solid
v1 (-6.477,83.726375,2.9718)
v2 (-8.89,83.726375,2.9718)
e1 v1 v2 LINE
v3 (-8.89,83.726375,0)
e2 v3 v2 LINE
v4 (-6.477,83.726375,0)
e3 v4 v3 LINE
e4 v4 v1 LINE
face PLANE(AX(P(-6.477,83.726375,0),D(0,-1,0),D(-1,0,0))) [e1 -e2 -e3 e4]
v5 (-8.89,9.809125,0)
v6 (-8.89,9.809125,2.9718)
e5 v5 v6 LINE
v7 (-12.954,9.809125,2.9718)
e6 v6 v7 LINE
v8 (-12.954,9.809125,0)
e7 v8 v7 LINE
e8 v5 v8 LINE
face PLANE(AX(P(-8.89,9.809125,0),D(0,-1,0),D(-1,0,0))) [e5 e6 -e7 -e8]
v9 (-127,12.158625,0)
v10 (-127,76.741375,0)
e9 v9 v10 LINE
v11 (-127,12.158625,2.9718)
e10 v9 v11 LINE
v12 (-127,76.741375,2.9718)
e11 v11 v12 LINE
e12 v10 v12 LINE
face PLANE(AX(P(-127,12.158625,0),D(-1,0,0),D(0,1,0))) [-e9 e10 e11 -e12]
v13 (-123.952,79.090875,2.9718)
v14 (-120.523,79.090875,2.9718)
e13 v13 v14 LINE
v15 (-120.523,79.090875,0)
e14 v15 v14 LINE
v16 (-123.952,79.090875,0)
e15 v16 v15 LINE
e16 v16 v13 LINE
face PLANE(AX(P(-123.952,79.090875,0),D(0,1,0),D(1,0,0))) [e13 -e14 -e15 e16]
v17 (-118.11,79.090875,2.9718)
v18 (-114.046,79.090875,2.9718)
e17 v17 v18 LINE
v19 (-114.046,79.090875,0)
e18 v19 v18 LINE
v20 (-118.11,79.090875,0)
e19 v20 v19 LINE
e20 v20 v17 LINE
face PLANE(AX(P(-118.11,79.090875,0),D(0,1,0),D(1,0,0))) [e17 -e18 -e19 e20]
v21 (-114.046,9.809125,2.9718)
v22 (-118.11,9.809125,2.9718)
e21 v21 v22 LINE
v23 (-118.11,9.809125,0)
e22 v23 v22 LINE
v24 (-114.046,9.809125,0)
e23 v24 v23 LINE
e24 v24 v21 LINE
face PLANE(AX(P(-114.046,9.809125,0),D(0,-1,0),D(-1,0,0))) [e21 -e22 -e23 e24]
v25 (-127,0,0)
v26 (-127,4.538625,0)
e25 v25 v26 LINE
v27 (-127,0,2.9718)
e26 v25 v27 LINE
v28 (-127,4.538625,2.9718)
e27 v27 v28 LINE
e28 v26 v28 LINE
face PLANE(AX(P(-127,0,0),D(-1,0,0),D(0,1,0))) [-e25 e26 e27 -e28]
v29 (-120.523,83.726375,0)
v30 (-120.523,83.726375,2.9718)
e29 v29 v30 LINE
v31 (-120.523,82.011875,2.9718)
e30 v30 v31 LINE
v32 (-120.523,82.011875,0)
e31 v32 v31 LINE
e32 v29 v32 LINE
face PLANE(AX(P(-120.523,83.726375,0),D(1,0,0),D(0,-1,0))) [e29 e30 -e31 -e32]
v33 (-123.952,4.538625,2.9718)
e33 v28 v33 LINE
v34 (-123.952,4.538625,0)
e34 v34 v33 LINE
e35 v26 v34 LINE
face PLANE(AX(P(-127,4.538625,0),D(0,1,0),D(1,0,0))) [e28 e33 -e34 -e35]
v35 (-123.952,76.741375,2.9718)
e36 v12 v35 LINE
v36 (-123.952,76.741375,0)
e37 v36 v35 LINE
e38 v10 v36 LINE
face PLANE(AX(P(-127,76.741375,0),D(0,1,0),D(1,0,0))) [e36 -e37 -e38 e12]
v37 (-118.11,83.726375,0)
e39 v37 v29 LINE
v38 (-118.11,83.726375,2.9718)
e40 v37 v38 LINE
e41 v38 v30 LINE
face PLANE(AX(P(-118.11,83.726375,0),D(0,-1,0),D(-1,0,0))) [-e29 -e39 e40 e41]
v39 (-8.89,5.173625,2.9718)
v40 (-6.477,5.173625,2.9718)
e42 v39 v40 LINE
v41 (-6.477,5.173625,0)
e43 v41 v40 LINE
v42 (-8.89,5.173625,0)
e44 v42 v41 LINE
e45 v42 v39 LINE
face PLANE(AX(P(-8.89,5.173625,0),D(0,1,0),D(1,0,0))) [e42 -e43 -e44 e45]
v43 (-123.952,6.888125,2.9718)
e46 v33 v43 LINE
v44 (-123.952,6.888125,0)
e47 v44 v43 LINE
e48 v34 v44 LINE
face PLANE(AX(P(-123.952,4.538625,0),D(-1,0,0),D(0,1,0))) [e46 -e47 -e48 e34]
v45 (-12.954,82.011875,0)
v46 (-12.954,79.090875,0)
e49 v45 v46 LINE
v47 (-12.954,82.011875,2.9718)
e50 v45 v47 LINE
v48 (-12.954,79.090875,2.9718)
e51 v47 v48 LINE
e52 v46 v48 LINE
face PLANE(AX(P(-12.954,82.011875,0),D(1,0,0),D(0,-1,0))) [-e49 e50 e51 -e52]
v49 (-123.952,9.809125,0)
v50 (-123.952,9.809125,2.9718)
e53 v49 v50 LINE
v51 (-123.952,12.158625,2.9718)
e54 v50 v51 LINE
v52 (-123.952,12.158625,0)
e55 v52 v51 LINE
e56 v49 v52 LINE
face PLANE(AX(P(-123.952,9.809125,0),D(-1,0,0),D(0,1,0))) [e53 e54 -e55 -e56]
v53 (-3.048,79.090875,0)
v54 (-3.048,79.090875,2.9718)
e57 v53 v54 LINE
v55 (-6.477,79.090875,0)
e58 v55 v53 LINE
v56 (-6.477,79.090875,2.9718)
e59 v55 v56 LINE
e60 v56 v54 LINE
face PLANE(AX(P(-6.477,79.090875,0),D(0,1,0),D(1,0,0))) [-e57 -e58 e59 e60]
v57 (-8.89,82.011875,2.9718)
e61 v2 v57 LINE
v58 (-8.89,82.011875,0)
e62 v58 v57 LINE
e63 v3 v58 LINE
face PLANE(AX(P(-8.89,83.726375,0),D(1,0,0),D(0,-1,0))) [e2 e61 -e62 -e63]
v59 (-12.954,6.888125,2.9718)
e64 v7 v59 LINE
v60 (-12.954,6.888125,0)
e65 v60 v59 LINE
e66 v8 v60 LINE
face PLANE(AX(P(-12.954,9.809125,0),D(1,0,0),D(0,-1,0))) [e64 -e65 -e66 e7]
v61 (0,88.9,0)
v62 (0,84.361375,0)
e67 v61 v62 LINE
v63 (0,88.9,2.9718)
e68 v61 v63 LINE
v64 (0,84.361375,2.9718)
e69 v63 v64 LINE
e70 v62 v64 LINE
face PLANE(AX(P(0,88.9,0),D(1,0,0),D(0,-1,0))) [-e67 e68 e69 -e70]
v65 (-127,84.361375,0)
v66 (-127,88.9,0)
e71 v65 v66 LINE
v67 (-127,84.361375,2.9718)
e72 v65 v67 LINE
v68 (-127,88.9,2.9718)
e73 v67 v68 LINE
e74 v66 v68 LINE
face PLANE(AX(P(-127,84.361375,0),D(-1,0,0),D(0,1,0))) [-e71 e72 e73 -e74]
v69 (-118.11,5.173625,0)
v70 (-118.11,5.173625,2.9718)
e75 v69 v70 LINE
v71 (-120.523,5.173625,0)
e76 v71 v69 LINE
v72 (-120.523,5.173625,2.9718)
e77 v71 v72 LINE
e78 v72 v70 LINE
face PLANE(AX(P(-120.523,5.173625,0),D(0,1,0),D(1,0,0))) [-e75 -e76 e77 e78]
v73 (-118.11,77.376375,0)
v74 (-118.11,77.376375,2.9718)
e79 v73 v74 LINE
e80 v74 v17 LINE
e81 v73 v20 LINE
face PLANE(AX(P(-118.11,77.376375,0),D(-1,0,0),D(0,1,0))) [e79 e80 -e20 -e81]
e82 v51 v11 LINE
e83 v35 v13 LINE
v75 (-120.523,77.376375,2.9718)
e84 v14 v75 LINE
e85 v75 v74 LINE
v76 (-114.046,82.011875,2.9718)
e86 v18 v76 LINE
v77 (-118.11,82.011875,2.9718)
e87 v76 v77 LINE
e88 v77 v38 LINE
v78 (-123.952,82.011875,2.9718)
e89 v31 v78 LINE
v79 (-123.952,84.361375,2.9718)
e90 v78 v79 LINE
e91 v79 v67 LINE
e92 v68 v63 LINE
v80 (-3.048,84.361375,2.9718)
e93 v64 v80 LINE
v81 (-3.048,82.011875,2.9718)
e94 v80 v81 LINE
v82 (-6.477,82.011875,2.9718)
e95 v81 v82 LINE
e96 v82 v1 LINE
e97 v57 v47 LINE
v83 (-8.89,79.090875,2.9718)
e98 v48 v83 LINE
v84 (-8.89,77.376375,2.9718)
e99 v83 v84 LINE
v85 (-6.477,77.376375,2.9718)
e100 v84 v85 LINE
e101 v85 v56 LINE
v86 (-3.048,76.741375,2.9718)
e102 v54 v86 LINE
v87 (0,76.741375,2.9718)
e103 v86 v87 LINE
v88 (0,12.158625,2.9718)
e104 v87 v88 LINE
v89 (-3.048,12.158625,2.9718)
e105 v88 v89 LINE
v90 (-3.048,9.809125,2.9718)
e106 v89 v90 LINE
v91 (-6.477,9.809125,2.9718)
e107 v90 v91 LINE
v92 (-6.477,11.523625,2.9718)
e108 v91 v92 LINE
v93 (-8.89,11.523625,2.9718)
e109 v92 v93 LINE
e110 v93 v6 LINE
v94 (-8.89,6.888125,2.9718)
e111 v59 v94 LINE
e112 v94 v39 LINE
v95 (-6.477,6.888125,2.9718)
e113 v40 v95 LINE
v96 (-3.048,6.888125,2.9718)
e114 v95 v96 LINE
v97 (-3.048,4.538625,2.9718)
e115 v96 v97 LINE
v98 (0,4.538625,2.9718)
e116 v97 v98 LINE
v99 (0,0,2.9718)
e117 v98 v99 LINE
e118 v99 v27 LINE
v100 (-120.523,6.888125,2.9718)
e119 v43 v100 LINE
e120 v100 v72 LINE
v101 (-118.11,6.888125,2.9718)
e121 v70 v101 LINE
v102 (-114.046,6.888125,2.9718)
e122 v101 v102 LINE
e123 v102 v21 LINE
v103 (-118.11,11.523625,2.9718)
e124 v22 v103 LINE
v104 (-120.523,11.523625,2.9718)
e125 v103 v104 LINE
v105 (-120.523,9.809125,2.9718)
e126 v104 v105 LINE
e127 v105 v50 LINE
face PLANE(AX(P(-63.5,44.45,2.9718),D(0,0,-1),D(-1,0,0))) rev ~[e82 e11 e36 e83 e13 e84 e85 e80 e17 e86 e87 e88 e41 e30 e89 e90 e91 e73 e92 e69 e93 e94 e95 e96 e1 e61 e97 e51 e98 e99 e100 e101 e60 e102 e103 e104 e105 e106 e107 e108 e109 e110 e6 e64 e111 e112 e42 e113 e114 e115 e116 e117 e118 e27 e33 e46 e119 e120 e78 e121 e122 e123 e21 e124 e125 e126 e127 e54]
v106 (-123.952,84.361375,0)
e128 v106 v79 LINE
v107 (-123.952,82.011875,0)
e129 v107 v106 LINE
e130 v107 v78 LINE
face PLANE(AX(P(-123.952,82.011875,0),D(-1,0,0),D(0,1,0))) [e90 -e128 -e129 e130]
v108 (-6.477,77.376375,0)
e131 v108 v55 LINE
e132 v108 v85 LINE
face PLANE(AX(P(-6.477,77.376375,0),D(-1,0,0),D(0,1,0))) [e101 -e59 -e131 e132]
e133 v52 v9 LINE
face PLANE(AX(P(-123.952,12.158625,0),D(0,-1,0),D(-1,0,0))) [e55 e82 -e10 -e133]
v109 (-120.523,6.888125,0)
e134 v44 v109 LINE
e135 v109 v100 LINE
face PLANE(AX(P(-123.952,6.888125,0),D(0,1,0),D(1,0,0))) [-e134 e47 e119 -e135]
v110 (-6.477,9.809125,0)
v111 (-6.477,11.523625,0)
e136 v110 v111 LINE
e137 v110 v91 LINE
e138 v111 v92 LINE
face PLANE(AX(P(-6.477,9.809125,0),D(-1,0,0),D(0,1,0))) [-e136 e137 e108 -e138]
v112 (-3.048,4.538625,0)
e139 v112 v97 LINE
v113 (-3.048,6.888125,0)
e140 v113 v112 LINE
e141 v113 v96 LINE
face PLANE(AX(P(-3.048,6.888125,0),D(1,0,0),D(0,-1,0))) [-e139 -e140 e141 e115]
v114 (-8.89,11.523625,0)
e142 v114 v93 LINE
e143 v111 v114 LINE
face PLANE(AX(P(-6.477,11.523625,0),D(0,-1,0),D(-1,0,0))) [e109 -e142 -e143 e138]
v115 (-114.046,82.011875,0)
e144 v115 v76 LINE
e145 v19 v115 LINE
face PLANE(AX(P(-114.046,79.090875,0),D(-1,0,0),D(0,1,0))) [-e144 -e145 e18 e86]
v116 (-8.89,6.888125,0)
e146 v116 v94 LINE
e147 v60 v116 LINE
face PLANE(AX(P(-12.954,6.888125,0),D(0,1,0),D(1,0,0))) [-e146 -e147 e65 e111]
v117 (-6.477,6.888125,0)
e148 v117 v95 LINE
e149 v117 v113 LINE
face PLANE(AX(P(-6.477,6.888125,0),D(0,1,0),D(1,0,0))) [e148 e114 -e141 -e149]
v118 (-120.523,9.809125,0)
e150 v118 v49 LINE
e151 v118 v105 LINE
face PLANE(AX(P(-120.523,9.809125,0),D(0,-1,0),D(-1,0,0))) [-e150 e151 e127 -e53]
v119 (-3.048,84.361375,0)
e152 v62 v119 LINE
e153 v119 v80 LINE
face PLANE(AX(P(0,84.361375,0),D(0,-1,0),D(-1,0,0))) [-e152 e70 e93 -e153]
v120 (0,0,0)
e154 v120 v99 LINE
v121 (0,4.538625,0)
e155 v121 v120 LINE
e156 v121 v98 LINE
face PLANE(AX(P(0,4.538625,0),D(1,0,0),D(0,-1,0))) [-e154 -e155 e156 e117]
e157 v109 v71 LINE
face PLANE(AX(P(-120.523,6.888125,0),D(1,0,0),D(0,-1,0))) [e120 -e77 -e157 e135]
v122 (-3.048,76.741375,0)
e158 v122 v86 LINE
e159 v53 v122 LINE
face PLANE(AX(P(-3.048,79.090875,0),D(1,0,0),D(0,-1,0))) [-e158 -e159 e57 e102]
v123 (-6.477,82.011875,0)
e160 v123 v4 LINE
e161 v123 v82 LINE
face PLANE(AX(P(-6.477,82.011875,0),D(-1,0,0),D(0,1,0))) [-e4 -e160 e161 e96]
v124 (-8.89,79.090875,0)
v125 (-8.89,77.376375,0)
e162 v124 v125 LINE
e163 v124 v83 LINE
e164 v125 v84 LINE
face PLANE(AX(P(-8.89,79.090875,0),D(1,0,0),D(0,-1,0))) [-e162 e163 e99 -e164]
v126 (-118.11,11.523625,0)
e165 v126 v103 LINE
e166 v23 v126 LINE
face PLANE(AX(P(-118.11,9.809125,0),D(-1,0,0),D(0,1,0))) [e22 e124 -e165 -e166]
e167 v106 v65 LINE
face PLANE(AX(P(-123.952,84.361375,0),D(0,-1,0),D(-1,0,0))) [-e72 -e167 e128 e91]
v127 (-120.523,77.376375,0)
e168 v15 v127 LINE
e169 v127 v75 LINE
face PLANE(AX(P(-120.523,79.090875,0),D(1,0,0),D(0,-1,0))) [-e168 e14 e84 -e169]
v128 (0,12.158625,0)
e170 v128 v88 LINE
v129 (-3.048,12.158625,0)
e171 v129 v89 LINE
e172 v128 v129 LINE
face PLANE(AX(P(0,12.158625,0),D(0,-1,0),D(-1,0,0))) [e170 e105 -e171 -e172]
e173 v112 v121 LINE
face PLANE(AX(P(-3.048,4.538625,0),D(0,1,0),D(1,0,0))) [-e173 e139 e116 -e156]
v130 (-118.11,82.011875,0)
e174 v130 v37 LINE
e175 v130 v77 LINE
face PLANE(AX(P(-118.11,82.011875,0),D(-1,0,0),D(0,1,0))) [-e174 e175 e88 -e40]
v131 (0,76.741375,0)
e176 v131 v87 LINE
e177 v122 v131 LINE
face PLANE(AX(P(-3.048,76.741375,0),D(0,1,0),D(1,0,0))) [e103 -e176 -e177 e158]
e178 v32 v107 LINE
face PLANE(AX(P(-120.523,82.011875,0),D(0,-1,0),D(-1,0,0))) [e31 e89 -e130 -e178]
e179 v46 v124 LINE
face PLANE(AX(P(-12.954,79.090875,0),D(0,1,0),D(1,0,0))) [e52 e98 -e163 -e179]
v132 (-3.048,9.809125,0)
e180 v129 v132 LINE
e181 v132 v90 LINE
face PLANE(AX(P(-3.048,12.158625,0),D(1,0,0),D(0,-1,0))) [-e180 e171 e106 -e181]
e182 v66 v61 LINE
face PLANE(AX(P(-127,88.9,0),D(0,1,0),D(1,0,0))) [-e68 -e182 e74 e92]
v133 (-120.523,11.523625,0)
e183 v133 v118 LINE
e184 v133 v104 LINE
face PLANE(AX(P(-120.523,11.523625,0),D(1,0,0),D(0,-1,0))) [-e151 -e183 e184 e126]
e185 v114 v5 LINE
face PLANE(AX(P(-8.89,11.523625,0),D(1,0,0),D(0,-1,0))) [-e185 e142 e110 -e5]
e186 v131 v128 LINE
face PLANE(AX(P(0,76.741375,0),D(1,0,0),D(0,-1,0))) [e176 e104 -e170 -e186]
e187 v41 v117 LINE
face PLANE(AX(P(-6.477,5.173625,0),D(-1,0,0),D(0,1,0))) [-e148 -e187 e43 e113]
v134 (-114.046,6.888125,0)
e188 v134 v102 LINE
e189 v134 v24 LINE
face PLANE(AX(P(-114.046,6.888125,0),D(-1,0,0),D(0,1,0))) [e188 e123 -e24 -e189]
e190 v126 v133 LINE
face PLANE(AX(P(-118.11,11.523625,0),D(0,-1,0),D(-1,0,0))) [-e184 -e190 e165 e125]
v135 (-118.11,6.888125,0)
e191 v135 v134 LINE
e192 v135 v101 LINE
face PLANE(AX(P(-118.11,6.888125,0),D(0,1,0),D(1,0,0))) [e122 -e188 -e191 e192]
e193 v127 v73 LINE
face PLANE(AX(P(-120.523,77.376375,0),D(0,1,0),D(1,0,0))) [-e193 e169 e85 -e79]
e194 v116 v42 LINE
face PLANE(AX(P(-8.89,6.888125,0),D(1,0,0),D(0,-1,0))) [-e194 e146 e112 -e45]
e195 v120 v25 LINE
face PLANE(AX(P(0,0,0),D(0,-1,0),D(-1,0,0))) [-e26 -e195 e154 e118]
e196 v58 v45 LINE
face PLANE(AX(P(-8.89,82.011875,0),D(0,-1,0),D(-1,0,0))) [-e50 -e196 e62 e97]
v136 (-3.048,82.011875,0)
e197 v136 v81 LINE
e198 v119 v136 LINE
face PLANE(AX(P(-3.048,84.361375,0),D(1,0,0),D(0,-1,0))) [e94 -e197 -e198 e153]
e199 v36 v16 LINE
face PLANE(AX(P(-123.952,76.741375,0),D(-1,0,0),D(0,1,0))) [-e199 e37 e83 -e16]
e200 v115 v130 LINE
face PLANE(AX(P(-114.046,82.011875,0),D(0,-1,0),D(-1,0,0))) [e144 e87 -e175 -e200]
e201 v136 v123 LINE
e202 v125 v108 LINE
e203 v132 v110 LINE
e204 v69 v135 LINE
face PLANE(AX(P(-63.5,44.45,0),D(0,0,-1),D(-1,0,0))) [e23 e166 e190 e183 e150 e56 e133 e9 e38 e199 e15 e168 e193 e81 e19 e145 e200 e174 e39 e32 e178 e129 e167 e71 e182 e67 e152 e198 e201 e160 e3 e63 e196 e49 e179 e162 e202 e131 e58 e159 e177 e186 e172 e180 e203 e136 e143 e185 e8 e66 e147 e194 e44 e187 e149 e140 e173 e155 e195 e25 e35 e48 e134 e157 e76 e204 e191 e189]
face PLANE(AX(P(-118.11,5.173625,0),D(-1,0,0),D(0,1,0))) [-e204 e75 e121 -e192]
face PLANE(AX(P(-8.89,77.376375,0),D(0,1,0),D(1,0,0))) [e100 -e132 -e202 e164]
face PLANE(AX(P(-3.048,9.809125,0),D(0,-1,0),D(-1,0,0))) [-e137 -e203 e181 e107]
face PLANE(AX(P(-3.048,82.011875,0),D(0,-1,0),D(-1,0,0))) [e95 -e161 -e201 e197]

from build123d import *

# Parameters (mm, degrees)
BOSS_EXTRUDE1_DEPTH = 2.9718


with BuildPart() as part:
    # Sketch1 → Boss-Extrude1 (new body)
    with BuildSketch(Plane.XY):
        Polygon((-127, 88.9), (0, 88.9), (0, 84.361375025), (-3.048, 84.361375025), (-3.048, 82.011875025), (-6.477, 82.011875025), (-6.477, 83.726375025), (-8.89, 83.726375025), (-8.89, 82.011875025), (-12.954, 82.011875025), (-12.954, 79.090875025), (-8.89, 79.090875025), (-8.89, 77.376375025), (-6.477, 77.376375025), (-6.477, 79.090875025), (-3.048, 79.090875025), (-3.048, 76.741375025), (0, 76.741375025), (0, 12.158624975), (-3.048, 12.158624975), (-3.048, 9.809124975), (-6.477, 9.809124975), (-6.477, 11.523624975), (-8.89, 11.523624975), (-8.89, 9.809124975), (-12.954, 9.809124975), (-12.954, 6.888124975), (-8.89, 6.888124975), (-8.89, 5.173624975), (-6.477, 5.173624975), (-6.477, 6.888124975), (-3.048, 6.888124975), (-3.048, 4.538624975), (0, 4.538624975), (0, 0), (-127, 0), (-127, 4.538624975), (-123.952, 4.538624975), (-123.952, 6.888124975), (-120.523, 6.888124975), (-120.523, 5.173624975), (-118.11, 5.173624975), (-118.11, 6.888124975), (-114.046, 6.888124975), (-114.046, 9.809124975), (-118.11, 9.809124975), (-118.11, 11.523624975), (-120.523, 11.523624975), (-120.523, 9.809124975), (-123.952, 9.809124975), (-123.952, 12.158624975), (-127, 12.158624975), (-127, 76.741375025), (-123.952, 76.741375025), (-123.952, 79.090875025), (-120.523, 79.090875025), (-120.523, 77.376375025), (-118.11, 77.376375025), (-118.11, 79.090875025), (-114.046, 79.090875025), (-114.046, 82.011875025), (-118.11, 82.011875025), (-118.11, 83.726375025), (-120.523, 83.726375025), (-120.523, 82.011875025), (-123.952, 82.011875025), (-123.952, 84.361375025), (-127, 84.361375025), align=None)
    extrude(amount=BOSS_EXTRUDE1_DEPTH)


solid = part.part
